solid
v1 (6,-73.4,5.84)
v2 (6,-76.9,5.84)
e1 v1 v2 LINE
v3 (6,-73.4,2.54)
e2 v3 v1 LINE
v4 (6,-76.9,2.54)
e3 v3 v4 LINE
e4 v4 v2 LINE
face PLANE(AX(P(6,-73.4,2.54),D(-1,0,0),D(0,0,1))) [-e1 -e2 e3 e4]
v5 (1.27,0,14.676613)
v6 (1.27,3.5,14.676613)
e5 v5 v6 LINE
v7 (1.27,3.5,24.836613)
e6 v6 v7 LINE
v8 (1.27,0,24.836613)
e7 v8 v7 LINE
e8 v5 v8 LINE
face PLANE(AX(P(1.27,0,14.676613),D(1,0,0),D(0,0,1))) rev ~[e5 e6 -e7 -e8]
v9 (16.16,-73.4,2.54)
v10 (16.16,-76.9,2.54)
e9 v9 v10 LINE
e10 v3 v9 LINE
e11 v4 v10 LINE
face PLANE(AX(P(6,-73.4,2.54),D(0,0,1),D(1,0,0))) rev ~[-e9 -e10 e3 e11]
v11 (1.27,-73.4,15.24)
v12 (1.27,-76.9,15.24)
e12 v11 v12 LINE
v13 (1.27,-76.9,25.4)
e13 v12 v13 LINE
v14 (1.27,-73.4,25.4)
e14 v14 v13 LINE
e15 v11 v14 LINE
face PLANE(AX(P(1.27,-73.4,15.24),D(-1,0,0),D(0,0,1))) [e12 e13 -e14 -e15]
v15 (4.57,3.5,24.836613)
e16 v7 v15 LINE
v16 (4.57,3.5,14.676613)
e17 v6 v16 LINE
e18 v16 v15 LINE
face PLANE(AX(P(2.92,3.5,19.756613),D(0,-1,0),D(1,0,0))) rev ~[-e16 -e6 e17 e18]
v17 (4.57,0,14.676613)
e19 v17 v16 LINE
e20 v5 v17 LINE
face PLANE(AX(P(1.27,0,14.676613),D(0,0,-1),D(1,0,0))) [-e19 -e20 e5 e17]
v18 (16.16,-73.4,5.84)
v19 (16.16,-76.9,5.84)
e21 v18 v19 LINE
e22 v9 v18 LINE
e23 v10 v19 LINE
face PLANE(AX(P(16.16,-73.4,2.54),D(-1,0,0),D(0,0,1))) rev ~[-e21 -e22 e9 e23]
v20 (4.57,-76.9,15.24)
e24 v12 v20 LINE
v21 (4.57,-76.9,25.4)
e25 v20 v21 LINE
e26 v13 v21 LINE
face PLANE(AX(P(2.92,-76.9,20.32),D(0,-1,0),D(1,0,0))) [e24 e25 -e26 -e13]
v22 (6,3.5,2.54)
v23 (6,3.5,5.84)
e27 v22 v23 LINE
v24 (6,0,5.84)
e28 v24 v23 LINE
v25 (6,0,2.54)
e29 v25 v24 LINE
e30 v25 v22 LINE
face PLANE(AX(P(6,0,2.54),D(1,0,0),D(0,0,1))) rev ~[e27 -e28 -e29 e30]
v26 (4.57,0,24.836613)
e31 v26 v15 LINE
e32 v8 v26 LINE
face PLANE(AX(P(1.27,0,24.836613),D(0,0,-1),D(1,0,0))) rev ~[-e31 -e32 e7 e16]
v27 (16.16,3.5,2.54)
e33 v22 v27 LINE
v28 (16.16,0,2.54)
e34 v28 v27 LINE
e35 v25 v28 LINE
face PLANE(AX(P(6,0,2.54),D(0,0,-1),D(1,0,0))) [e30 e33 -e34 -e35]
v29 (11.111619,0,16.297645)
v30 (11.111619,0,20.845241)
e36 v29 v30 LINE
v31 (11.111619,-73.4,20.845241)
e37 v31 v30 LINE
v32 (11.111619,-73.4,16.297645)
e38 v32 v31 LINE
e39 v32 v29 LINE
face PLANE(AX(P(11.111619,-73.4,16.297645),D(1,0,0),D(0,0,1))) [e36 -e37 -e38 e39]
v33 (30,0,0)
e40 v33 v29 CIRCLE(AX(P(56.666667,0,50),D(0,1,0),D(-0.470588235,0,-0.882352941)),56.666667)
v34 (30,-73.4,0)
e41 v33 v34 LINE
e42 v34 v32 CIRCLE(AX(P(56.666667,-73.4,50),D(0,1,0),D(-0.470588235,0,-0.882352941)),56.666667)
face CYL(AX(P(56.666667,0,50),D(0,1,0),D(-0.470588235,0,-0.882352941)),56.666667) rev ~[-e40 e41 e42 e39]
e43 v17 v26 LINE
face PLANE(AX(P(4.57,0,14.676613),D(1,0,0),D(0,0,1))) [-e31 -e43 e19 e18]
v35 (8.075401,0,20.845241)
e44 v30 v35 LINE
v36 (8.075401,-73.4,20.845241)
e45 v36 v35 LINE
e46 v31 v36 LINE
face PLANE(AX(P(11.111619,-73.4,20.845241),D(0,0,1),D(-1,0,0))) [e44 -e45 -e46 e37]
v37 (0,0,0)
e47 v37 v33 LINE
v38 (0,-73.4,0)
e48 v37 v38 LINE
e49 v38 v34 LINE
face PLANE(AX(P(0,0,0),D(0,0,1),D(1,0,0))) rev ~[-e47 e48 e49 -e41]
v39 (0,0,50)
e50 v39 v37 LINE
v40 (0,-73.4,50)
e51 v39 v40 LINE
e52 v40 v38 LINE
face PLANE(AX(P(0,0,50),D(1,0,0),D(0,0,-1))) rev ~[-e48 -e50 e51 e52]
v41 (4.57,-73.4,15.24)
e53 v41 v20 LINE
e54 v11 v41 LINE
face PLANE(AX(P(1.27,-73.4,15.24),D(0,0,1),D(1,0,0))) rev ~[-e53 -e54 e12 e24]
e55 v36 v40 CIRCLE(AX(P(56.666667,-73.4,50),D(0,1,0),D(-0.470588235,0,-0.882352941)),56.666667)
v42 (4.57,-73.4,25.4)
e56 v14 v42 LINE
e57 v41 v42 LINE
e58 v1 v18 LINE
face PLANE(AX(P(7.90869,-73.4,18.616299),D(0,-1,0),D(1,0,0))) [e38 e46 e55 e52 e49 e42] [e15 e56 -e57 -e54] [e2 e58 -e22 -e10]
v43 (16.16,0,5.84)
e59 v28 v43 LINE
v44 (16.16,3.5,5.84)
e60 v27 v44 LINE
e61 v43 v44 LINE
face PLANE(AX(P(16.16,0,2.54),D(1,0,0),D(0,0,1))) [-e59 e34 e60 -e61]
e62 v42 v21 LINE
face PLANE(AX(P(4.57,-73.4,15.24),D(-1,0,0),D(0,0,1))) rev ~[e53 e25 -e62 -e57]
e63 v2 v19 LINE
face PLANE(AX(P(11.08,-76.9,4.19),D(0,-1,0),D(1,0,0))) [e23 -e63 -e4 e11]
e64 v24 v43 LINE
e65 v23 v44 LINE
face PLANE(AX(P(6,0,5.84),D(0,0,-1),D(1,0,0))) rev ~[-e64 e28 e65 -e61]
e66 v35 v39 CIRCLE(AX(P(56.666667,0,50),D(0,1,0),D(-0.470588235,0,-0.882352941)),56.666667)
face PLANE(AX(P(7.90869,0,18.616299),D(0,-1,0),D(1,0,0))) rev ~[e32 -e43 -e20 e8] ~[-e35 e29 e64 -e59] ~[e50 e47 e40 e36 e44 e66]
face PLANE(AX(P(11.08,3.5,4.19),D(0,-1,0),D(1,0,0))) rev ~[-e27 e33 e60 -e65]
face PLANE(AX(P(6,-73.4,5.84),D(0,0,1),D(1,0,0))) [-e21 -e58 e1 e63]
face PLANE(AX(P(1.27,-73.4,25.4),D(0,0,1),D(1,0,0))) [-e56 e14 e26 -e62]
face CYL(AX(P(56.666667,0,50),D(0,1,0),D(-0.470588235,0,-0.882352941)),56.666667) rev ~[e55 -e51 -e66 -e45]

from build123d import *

# Parameters (mm, degrees)
F0_W     = 10.16
F0_H     = 3.3
F0_W_2   = 3.3
F0_H_2   = 10.16
F1_DEPTH = 73.4
F2_DEPTH = 3.5
F4_W     = 3.3
F4_H     = 10.16
F4_W_2   = 10.16
F4_H_2   = 3.3
F5_DEPTH = 3.5
F7_DEPTH = 73.4


with BuildPart() as f1:
    # F0 (on Front) → F1 (new body)
    with BuildSketch(Plane.XZ):
        with BuildLine():
            Line((0, 50), (0, 0))
            Line((0, 0), (30, 0))
            ThreePointArc((30, 0), (8.0754008763, 20.8452405258), (0, 50))
        make_face()
        with Locations((11.08, 4.19)):
            Rectangle(F0_W, F0_H, mode=Mode.SUBTRACT)
        with Locations((2.92, 19.7566125902)):
            Rectangle(F0_W_2, F0_H_2, mode=Mode.SUBTRACT)
        with Locations((2.92, 19.7566125902)):
            Rectangle(F0_W_2, F0_H_2)
        with Locations((11.08, 4.19)):
            Rectangle(F0_W, F0_H)
    extrude(amount=F1_DEPTH)

    # F0 (on Front) → F2 (join)
    with BuildSketch(Plane.XZ):
        with Locations((2.92, 19.7566125902)):
            Rectangle(F0_W_2, F0_H_2)
        with Locations((11.08, 4.19)):
            Rectangle(F0_W, F0_H)
    extrude(amount=-F2_DEPTH)

    # F4 (on offset) → F5 (join)
    with BuildSketch(Plane.XZ.offset(73.4)):
        with Locations((2.92, 20.32)):
            Rectangle(F4_W, F4_H)
        with Locations((11.08, 4.19)):
            Rectangle(F4_W_2, F4_H_2)
    extrude(amount=F5_DEPTH)

    # F6 (on offset) → F7 (join)
    with BuildSketch(Plane.XZ.offset(73.4)):
        with BuildLine():
            ThreePointArc((8.0754008763, 20.8452405258), (9.5386255261, 18.5347993911), (11.1116185287, 16.297645479))
            Line((11.1116185287, 16.297645479), (11.1116185287, 20.8452405258))
            Line((11.1116185287, 20.8452405258), (10.6401696458, 20.8452405258))
            Line((10.6401696458, 20.8452405258), (8.0754008763, 20.8452405258))
        make_face()
    extrude(amount=-F7_DEPTH)


solid = f1.part
